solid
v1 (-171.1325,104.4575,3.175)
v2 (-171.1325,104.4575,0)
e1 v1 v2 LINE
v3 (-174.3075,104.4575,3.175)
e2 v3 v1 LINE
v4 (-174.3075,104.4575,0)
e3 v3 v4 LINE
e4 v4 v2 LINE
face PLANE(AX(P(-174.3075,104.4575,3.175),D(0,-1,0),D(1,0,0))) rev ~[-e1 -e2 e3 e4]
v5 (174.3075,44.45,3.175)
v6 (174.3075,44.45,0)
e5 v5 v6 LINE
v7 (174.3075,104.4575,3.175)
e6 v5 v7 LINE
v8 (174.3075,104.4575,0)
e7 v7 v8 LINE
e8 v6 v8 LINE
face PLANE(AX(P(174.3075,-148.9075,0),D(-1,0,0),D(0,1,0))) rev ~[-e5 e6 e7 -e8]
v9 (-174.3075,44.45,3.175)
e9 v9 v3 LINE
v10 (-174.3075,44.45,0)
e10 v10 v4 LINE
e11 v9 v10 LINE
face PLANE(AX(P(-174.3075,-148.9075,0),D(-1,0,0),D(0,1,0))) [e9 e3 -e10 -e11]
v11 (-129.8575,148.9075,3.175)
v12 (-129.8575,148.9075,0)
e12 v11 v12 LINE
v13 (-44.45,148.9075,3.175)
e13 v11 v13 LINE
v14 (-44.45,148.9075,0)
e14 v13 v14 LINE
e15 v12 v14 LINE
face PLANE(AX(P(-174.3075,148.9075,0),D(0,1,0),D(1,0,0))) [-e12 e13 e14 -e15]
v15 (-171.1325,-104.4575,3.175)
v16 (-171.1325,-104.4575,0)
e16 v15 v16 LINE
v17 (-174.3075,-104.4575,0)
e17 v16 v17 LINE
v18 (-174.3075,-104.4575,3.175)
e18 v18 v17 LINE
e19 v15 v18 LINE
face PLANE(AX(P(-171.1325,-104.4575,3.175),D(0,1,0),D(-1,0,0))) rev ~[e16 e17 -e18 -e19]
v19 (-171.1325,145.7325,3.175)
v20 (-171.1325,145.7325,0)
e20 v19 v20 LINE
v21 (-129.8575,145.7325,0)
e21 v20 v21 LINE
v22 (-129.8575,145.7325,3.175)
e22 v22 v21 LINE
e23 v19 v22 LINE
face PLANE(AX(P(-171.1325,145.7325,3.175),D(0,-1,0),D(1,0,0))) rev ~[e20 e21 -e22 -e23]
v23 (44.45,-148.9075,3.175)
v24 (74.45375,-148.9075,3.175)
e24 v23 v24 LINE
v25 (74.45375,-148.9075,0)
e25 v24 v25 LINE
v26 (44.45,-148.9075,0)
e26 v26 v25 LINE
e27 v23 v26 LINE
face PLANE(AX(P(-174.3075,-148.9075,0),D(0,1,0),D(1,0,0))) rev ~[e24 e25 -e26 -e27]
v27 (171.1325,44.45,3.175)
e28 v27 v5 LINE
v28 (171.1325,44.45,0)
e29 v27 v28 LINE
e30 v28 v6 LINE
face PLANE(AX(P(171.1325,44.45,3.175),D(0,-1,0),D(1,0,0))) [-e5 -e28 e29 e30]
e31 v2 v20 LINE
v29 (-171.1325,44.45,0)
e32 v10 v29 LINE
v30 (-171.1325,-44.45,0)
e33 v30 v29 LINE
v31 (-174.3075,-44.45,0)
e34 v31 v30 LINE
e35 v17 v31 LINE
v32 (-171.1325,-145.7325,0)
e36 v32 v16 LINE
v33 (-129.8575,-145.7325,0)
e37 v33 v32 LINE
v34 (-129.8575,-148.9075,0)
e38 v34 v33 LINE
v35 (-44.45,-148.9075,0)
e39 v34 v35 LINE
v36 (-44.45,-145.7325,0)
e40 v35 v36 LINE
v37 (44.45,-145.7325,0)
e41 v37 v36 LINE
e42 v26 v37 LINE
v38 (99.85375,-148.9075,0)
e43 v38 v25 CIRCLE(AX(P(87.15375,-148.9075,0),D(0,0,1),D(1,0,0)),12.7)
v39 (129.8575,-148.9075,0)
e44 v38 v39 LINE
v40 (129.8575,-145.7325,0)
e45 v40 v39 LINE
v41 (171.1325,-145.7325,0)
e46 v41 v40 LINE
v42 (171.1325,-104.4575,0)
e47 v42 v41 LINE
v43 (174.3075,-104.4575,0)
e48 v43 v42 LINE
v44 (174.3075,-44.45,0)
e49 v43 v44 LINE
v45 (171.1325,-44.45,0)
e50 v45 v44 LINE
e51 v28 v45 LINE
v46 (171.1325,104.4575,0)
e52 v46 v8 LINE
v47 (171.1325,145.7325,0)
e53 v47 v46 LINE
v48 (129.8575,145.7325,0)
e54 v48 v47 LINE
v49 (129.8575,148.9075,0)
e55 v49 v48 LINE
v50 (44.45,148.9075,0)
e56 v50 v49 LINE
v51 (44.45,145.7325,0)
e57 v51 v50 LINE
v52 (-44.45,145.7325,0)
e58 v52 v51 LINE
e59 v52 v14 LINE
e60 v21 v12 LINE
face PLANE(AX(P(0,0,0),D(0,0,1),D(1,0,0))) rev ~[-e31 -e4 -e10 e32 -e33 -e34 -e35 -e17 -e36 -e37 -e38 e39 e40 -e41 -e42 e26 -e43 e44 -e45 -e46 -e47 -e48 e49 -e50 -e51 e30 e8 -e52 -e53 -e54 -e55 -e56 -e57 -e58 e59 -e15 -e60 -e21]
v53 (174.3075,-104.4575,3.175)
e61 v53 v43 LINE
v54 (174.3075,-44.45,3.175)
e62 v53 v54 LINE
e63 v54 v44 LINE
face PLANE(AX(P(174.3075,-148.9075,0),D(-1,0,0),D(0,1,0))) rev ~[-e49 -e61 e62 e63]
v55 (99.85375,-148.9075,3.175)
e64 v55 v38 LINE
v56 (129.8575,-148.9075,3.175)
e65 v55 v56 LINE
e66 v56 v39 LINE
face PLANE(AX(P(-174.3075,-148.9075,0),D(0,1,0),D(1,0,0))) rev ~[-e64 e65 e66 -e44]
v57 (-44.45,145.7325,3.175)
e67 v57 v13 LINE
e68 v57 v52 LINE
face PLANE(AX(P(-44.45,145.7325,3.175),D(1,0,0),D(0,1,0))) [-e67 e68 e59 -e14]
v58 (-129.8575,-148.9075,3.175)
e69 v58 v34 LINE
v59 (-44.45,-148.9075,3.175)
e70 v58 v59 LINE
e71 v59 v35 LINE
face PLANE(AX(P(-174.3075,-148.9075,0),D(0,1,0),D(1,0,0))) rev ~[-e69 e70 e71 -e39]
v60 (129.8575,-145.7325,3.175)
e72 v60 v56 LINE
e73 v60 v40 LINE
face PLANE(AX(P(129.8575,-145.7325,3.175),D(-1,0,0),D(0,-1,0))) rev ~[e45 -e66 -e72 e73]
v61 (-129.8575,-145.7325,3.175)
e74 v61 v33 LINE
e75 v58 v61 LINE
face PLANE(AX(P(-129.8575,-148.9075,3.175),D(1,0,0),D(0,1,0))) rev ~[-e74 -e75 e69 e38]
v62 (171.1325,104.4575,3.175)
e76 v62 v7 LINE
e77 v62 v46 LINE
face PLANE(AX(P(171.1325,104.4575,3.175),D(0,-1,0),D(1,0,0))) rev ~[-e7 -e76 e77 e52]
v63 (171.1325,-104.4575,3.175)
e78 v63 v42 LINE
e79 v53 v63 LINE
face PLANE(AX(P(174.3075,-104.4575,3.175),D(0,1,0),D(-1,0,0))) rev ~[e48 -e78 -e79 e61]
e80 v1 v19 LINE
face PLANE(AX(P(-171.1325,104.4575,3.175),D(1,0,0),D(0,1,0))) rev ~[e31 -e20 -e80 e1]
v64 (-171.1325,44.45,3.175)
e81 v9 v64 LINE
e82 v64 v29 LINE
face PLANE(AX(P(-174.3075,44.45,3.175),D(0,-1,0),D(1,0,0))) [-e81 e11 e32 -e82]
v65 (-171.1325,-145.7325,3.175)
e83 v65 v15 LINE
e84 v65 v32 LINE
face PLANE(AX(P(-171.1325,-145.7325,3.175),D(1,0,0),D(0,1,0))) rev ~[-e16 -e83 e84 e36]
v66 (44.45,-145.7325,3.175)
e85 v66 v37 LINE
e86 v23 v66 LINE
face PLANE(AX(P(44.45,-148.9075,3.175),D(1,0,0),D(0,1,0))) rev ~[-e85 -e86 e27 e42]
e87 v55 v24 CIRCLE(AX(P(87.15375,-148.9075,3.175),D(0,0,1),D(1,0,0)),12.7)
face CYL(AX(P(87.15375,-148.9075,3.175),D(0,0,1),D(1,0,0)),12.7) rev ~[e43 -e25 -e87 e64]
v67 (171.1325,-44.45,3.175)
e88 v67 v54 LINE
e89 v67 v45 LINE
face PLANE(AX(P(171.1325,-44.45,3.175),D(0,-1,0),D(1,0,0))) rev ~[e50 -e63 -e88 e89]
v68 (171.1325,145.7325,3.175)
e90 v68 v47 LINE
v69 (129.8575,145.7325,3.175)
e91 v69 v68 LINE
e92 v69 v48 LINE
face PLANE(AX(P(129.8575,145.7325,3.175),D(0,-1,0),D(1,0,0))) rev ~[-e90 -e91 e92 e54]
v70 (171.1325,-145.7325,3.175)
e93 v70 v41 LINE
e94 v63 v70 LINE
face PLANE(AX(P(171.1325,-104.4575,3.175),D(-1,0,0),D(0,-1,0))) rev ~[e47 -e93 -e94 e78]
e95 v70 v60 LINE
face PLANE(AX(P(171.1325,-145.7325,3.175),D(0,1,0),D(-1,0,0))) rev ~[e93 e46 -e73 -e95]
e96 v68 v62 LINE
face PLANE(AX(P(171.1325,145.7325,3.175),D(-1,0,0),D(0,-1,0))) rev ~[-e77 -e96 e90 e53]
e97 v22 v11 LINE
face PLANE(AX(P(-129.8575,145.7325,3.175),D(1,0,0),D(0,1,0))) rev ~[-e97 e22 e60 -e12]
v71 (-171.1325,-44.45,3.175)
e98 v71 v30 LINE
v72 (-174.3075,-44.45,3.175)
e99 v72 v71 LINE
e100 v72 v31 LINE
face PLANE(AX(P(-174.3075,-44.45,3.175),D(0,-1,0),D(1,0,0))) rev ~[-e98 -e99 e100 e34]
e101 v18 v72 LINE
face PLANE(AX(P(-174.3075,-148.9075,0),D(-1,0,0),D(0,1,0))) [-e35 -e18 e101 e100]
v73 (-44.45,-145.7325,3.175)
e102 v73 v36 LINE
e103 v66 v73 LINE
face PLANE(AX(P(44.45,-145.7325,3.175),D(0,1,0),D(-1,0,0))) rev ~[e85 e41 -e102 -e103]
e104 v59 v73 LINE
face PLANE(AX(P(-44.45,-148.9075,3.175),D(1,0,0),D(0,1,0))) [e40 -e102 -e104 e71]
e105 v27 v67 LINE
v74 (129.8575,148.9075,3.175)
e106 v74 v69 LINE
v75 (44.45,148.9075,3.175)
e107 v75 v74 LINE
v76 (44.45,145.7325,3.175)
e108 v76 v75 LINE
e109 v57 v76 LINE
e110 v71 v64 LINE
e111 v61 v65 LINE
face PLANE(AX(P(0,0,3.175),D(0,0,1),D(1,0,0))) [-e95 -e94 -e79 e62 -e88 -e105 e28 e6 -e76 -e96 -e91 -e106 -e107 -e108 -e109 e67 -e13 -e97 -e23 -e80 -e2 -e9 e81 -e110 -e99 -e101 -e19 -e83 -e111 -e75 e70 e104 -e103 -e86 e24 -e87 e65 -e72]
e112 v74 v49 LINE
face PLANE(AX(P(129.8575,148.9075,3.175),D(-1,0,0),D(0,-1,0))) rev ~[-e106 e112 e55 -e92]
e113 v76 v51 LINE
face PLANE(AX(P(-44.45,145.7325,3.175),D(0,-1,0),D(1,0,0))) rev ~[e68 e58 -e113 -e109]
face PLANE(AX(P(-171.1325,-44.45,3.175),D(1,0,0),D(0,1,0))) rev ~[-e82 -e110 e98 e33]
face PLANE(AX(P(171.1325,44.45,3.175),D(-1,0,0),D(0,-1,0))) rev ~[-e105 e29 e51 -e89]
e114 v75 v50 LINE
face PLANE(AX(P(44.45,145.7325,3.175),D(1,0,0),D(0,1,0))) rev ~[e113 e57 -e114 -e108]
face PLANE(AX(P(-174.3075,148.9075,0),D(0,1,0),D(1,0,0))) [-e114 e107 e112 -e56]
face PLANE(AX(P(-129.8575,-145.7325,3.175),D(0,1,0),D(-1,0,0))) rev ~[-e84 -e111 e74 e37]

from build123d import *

# Parameters (mm, degrees)
F0_W     = 348.615
F0_H     = 297.815
F1_DEPTH = 3.175
F2_W     = 44.45
F2_H     = 3.175
F2_W_2   = 3.175
F2_H_2   = 44.45
F3_DEPTH = 3.176
F5_DEPTH = 3.176


with BuildPart() as f1:
    # F0 (on Top) → F1 (new body)
    with BuildSketch(Plane.XY):
        Rectangle(F0_W, F0_H)
    extrude(amount=F1_DEPTH)

    # F2 (on face) → F3 (cut, through all)
    with BuildSketch(Plane.XY.offset(3.175)):
        Polygon((-129.8575, 145.7325), (-129.8575, 148.9075), (-174.3075, 148.9075), (-174.3075, 104.4575), (-171.1325, 104.4575), (-171.1325, 145.7325), align=None)
        with Locations((-22.225, 147.32)):
            Rectangle(F2_W, F2_H)
        with Locations((22.225, 147.32)):
            Rectangle(F2_W, F2_H)
        with Locations((-172.72, 22.225)):
            Rectangle(F2_W_2, F2_H_2)
        with Locations((-172.72, -22.225)):
            Rectangle(F2_W_2, F2_H_2)
        with Locations((172.72, -22.225)):
            Rectangle(F2_W_2, F2_H_2)
        with Locations((172.72, 22.225)):
            Rectangle(F2_W_2, F2_H_2)
        Polygon((171.1325, 145.7325), (171.1325, 104.4575), (174.3075, 104.4575), (174.3075, 148.9075), (129.8575, 148.9075), (129.8575, 145.7325), align=None)
        with Locations((-22.225, -147.32)):
            Rectangle(F2_W, F2_H)
        with Locations((22.225, -147.32)):
            Rectangle(F2_W, F2_H)
        Polygon((-171.1325, -145.7325), (-171.1325, -104.4575), (-174.3075, -104.4575), (-174.3075, -148.9075), (-129.8575, -148.9075), (-129.8575, -145.7325), align=None)
        Polygon((129.8575, -145.7325), (129.8575, -148.9075), (174.3075, -148.9075), (174.3075, -104.4575), (171.1325, -104.4575), (171.1325, -145.7325), align=None)
    extrude(amount=-F3_DEPTH, mode=Mode.SUBTRACT)

    # F4 (on face) → F5 (cut, through all)
    with BuildSketch(Plane.XY.offset(3.175)):
        with BuildLine():
            Line((74.45375, -148.9075), (99.85375, -148.9075))
            ThreePointArc((99.85375, -148.9075), (87.15375, -136.2075), (74.45375, -148.9075))
        make_face()
    extrude(amount=-F5_DEPTH, mode=Mode.SUBTRACT)


solid = f1.part
